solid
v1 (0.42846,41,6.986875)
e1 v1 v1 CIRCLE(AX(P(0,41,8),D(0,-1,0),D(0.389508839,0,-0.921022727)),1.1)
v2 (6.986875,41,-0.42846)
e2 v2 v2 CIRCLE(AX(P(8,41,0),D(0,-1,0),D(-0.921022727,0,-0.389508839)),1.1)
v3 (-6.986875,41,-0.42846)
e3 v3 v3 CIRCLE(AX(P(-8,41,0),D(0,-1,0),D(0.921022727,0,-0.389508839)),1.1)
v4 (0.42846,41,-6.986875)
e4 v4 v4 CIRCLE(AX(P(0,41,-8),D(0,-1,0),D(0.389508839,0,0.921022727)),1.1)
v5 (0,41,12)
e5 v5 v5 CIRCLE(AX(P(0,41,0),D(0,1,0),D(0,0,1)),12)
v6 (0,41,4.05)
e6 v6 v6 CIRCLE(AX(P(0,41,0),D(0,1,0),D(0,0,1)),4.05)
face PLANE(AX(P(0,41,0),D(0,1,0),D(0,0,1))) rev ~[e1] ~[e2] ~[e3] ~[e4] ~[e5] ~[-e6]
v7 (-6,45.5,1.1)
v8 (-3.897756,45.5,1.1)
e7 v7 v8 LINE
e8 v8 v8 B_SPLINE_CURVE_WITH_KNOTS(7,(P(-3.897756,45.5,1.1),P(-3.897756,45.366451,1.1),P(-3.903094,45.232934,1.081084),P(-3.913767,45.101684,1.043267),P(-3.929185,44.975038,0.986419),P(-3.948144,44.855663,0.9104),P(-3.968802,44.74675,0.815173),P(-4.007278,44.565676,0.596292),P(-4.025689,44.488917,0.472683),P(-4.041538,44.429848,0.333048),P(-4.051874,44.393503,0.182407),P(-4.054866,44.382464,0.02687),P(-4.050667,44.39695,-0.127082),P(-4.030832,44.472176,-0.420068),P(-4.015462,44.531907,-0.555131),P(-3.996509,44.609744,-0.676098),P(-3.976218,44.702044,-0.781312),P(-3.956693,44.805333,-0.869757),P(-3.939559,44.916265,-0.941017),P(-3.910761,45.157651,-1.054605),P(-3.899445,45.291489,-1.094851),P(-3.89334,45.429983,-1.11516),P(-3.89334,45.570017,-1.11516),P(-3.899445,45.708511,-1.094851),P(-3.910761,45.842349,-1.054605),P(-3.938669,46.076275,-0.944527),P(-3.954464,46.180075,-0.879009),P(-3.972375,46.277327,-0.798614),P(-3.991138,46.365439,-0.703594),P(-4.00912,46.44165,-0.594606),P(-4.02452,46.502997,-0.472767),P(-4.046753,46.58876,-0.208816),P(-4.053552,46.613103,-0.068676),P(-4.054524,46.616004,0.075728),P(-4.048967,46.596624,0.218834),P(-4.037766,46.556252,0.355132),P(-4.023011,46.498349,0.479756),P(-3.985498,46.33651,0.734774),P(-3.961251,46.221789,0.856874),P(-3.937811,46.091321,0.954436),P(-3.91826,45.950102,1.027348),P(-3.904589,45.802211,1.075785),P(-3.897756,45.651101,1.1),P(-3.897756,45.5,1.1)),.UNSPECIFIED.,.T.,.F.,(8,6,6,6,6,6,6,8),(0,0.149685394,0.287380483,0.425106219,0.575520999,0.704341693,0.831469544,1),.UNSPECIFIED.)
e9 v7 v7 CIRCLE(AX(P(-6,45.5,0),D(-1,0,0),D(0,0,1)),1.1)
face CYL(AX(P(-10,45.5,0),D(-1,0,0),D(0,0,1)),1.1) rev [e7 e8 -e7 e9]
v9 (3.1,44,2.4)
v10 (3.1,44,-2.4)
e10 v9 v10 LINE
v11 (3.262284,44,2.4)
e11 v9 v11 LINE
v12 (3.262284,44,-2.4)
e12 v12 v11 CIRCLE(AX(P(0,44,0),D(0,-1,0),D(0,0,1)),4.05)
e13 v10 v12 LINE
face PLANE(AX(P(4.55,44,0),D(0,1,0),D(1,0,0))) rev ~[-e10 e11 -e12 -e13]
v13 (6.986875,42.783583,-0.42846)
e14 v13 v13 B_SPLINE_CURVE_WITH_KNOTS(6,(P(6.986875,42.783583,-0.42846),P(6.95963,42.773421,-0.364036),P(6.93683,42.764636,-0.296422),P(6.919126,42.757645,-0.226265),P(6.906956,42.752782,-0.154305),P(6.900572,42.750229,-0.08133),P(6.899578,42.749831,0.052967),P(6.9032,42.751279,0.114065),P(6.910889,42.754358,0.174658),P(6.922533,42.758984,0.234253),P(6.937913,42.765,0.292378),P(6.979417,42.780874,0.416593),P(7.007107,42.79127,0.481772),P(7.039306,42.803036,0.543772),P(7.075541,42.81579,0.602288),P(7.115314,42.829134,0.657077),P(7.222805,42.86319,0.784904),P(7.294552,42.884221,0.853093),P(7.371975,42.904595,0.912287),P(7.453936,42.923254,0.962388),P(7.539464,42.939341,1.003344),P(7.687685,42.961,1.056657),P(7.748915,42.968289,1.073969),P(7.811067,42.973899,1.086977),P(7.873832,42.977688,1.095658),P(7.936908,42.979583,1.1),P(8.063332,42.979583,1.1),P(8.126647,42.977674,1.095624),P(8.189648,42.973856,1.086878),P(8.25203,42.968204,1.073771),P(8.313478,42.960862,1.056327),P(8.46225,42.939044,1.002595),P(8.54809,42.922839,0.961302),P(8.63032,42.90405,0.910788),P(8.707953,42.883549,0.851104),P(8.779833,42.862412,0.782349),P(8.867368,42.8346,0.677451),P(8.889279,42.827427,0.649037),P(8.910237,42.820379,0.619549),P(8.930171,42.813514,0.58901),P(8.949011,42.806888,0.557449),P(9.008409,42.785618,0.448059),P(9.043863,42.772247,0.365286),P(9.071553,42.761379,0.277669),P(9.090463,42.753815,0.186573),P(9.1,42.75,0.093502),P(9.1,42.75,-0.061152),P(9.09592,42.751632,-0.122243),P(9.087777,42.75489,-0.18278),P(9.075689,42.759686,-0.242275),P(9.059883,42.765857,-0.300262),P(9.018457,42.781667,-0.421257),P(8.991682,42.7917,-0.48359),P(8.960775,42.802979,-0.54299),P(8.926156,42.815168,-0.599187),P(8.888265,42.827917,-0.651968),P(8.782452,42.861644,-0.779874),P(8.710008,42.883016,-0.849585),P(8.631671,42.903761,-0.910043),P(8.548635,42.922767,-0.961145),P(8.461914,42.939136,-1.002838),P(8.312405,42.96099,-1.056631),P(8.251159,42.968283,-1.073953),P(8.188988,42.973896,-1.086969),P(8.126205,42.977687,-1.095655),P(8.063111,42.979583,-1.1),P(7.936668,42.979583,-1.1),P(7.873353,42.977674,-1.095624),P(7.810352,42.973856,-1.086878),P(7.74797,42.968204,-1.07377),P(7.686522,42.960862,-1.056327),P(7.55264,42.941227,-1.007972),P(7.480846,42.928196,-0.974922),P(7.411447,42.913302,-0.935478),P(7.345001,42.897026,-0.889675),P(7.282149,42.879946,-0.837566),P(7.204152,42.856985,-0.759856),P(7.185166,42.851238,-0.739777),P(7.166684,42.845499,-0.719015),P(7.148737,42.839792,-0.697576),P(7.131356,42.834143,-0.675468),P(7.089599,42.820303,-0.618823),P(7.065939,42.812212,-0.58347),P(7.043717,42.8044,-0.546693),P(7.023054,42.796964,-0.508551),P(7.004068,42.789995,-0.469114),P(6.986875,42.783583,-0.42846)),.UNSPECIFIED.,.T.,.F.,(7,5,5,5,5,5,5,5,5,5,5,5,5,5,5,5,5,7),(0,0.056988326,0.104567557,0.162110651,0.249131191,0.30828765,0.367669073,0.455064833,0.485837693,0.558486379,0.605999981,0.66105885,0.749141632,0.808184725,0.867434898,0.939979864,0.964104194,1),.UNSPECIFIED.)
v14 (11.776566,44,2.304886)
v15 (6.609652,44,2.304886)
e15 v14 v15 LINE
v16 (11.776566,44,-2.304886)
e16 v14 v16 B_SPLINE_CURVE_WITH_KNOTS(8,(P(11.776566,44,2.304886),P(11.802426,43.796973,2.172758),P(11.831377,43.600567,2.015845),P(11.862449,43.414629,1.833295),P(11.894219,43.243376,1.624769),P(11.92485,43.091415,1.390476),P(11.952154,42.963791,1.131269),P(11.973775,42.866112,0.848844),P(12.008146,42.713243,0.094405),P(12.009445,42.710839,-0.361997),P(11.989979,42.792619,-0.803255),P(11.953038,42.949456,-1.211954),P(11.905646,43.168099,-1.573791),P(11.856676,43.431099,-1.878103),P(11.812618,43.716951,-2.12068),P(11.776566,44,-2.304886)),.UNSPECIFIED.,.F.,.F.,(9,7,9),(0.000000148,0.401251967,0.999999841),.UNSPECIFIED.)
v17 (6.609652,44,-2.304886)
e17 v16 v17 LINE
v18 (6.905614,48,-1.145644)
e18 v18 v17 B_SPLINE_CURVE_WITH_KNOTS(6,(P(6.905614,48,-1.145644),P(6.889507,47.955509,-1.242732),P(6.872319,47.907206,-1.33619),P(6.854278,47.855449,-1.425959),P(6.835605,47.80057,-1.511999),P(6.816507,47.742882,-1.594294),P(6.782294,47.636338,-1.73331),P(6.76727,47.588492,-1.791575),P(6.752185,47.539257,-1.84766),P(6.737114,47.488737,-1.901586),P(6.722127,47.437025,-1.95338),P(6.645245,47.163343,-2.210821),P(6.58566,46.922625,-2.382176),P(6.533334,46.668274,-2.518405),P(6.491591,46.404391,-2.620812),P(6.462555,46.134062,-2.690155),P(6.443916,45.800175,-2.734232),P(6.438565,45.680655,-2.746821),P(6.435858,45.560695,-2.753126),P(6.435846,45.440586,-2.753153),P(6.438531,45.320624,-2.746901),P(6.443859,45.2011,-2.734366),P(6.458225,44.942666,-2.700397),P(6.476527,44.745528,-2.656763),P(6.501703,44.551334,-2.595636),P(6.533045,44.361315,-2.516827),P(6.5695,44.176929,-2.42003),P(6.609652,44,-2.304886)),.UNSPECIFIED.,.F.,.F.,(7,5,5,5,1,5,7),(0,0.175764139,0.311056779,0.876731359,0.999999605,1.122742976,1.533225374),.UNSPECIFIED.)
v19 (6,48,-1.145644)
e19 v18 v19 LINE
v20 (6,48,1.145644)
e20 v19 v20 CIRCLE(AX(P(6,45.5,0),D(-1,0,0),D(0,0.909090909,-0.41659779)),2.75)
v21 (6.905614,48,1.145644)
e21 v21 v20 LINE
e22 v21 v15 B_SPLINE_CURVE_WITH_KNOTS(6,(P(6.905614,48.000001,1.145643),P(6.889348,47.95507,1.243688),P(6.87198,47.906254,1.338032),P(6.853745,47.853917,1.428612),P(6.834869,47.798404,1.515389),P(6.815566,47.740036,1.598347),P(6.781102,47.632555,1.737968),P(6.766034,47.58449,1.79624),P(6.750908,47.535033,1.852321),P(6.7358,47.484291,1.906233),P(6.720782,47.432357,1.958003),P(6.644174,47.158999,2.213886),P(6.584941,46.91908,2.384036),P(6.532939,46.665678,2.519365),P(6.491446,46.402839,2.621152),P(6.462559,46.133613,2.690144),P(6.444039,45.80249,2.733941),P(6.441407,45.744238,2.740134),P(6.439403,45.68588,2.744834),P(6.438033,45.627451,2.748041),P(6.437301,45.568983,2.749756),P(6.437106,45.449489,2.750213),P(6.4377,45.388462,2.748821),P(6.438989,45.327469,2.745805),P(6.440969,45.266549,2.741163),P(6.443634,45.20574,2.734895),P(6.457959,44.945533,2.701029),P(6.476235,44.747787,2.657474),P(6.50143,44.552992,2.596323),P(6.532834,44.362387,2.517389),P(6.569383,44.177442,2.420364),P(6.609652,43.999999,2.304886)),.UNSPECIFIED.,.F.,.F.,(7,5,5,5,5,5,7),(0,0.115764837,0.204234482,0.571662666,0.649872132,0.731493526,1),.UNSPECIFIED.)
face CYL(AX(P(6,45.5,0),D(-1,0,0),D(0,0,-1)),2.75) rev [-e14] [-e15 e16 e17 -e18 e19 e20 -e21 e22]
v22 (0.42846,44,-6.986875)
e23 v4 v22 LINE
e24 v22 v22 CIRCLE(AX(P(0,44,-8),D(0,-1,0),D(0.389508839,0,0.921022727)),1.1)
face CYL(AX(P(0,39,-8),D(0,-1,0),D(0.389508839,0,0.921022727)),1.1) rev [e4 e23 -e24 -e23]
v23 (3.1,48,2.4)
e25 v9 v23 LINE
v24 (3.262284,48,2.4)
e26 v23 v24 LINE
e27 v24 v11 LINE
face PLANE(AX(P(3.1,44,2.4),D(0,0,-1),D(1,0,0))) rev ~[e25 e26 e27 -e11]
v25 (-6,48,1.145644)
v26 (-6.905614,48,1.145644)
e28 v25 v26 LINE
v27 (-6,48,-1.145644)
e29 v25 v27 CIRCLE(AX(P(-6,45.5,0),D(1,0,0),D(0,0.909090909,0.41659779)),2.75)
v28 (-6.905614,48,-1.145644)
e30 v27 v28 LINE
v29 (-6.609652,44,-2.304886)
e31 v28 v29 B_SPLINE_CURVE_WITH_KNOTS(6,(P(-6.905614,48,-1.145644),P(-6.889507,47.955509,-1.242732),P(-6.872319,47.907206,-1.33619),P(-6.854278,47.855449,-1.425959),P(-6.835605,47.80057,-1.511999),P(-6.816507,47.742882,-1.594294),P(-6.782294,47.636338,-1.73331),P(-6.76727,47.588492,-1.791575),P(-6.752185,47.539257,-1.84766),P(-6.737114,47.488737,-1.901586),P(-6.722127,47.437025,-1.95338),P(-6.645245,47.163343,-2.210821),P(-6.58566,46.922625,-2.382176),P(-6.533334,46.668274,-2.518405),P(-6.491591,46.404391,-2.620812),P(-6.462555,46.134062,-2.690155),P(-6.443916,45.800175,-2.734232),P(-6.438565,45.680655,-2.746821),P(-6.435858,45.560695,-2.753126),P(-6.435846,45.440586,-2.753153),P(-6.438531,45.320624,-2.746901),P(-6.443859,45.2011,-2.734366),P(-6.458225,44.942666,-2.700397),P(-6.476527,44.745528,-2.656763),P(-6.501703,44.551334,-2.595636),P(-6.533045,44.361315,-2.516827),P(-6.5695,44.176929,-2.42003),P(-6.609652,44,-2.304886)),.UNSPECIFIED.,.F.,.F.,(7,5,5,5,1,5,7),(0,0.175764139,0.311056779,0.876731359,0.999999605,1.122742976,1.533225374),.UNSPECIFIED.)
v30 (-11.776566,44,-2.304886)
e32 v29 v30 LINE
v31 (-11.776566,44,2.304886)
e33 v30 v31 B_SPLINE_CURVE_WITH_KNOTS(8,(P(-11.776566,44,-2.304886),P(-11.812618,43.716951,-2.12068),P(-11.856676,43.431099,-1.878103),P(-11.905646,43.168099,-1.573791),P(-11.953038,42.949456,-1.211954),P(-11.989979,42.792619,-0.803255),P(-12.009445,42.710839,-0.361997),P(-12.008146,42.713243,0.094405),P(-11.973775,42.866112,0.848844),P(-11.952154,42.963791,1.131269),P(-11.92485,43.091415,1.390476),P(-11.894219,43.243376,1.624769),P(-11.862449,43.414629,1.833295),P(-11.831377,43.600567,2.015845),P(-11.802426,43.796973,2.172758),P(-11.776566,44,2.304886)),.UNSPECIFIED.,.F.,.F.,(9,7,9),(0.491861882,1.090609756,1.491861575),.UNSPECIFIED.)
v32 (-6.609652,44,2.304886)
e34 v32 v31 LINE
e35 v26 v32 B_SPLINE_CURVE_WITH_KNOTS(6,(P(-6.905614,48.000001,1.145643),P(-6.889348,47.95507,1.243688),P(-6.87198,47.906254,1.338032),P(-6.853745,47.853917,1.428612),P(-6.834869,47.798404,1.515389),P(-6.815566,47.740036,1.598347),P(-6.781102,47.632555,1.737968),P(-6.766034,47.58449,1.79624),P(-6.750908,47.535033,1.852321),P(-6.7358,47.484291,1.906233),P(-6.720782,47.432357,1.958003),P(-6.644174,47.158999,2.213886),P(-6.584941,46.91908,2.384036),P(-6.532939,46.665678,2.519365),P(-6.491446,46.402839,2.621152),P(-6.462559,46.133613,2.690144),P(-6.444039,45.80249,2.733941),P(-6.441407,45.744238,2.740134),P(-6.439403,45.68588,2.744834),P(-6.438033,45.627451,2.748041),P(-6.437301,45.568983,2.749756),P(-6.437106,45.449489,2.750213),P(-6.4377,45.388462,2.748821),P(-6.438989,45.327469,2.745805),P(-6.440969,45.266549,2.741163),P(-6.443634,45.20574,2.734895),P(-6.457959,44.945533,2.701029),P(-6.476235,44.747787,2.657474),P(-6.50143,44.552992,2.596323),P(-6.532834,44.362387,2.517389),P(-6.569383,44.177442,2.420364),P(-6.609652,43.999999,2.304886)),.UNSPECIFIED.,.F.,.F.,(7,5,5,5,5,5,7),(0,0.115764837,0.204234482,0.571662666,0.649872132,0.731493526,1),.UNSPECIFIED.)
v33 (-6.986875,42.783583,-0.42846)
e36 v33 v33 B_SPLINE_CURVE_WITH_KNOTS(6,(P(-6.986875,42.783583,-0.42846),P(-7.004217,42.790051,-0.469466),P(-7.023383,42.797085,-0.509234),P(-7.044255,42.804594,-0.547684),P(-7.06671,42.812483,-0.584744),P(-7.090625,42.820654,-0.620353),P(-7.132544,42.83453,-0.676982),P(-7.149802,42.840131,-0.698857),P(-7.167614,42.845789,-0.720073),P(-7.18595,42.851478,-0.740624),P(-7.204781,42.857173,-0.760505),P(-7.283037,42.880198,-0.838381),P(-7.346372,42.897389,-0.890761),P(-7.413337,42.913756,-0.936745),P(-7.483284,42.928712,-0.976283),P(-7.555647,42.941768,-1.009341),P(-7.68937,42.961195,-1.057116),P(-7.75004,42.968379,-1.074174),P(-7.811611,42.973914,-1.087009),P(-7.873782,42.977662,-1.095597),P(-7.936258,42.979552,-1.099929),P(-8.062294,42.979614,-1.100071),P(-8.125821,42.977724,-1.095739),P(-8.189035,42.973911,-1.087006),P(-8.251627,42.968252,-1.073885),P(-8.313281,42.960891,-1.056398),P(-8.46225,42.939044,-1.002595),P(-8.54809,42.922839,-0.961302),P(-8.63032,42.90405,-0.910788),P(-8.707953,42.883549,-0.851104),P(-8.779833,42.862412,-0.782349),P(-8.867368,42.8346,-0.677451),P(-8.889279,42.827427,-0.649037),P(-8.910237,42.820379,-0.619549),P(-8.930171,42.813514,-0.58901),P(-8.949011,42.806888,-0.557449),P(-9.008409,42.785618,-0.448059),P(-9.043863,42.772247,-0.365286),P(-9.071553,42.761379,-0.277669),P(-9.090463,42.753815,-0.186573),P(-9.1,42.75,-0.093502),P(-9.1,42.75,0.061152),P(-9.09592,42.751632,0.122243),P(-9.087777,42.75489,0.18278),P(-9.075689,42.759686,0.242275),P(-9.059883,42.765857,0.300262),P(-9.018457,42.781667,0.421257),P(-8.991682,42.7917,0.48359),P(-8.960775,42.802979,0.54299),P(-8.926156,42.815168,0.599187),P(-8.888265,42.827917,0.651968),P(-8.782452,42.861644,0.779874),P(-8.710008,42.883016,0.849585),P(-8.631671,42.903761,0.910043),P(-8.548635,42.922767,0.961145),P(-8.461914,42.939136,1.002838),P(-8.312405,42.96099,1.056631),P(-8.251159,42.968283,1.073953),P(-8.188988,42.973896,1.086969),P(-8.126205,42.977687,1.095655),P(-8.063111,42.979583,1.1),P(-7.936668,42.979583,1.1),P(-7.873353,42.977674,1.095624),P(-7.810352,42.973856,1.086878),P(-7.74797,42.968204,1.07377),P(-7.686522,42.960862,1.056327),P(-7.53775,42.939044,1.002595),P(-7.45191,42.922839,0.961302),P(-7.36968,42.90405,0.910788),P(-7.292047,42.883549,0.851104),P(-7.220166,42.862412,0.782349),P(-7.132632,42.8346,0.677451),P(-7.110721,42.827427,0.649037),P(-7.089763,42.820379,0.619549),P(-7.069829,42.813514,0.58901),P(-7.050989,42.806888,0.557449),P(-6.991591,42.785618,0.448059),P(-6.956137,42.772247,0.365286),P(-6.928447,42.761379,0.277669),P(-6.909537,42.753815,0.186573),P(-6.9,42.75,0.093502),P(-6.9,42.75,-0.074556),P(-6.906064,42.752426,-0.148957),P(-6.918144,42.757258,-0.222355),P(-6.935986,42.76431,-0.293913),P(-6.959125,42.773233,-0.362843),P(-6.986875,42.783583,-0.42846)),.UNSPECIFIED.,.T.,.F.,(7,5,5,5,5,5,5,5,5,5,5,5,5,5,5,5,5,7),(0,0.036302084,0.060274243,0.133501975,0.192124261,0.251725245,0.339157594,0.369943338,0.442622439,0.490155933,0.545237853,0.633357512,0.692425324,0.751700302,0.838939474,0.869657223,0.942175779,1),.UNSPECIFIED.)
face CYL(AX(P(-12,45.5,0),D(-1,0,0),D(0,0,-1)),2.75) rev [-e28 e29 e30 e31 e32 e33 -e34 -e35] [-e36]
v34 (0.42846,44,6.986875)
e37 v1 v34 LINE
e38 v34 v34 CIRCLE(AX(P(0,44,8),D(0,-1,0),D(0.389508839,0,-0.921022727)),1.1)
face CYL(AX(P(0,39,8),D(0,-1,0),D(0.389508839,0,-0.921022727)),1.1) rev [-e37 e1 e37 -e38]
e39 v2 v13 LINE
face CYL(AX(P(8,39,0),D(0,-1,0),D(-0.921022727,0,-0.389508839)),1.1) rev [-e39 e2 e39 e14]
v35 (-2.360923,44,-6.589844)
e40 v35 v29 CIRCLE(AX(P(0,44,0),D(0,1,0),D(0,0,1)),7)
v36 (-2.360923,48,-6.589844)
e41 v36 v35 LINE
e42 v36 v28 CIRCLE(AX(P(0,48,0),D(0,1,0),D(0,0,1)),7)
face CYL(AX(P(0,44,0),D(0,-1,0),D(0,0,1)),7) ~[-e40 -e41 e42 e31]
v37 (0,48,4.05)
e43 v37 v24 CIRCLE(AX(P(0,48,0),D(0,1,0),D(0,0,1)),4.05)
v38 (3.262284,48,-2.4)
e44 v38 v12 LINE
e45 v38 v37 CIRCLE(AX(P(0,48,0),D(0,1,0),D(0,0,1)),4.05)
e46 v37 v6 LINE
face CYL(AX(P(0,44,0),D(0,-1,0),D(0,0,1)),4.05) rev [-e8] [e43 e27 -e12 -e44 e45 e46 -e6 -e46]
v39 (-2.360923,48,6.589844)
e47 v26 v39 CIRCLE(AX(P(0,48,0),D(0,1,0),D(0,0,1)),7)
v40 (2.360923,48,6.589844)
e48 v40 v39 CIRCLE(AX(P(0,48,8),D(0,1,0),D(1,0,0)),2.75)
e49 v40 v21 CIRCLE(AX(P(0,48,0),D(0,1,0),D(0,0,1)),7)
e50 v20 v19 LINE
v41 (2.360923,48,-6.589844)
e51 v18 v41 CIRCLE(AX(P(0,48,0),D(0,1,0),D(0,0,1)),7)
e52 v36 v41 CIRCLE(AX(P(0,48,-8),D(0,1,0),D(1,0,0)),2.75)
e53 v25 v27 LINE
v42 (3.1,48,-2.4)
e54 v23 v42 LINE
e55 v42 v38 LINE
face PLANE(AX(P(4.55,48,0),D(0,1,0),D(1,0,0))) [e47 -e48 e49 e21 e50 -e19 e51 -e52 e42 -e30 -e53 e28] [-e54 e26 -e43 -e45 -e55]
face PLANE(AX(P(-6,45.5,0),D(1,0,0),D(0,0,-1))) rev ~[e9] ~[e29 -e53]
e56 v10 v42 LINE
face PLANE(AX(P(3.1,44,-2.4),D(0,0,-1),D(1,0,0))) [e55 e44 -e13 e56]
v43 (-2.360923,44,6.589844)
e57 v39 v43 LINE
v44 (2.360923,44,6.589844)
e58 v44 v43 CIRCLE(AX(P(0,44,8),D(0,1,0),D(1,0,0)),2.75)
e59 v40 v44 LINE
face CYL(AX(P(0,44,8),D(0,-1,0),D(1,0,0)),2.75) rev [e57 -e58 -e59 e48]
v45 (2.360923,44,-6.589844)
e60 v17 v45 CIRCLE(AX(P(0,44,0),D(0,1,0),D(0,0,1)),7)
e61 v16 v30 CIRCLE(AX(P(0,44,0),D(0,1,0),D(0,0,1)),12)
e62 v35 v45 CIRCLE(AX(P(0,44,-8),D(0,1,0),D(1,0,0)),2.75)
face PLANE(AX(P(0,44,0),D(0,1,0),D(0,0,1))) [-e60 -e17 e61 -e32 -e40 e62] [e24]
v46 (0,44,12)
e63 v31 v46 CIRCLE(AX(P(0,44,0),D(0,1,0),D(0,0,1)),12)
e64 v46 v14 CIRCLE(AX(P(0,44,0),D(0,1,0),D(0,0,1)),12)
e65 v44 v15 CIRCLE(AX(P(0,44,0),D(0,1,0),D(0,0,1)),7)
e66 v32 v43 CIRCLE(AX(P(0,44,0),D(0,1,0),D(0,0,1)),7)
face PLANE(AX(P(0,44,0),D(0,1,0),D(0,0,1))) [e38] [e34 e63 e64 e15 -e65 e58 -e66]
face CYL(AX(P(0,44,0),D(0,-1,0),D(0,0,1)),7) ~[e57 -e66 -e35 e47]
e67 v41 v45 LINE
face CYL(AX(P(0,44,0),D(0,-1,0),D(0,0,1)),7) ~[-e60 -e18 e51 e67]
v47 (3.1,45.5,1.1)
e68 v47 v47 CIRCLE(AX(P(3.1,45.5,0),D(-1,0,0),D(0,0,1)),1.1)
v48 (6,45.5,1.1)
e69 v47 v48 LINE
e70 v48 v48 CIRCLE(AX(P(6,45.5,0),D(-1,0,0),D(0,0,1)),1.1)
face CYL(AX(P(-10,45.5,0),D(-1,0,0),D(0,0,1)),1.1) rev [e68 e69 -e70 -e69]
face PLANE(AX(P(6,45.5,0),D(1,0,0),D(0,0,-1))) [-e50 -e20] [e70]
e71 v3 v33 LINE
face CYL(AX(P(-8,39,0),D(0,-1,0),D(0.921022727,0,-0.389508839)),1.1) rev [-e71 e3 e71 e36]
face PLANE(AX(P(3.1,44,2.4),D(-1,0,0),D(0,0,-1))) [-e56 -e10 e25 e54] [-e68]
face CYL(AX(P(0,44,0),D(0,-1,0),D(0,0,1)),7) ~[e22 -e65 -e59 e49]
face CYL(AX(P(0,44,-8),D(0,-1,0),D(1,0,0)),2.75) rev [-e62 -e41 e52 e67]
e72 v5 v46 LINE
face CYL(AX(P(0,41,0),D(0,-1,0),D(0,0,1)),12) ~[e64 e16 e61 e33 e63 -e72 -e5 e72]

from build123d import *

# Parameters (mm, degrees)
STOCK_HORN_DRIVE_FLANGE_START              = 41
STOCK_HORN_DRIVE_FLANGE_PROFILE_R          = 12
STOCK_HORN_DRIVE_FLANGE_PROFILE_R_2        = 4.05
STOCK_HORN_DRIVE_FLANGE_DEPTH              = 3
D_COUPLING_RING_START                      = 44
D_COUPLING_RING_PROFILE_R                  = 7
D_COUPLING_RING_PROFILE_R_2                = 4.05
D_COUPLING_RING_DEPTH                      = 4
D_KEY_LAND_START                           = 44
D_KEY_LAND_PROFILE_W                       = 2.9
D_KEY_LAND_PROFILE_H                       = 4.8
D_KEY_LAND_DEPTH                           = 4
STOCK_HORN_SCREWS_START                    = 39
STOCK_HORN_SCREWS_PROFILE_R                = 1.1
STOCK_HORN_SCREWS_DEPTH                    = 12.911688245
TWO_HORN_WASHER_CLEARANCES_START           = 44
TWO_HORN_WASHER_CLEARANCES_PROFILE_R       = 2.75
TWO_HORN_WASHER_CLEARANCES_DEPTH           = 4
YAW_POSITIVE_RETENTION_CROSSBOLT_START     = -10
YAW_POSITIVE_RETENTION_CROSSBOLT_PROFILE_R = 1.1
YAW_POSITIVE_RETENTION_CROSSBOLT_DEPTH     = 61.911688245
CROSSBOLT_FLAT_SEAT_CUT_12_START           = -12
CROSSBOLT_FLAT_SEAT_12_R                   = 2.75
CROSSBOLT_FLAT_SEAT_CUT_12_DEPTH           = 6
CROSSBOLT_FLAT_SEAT_CUT_6_START            = 6
CROSSBOLT_FLAT_SEAT_6_R                    = 2.75
CROSSBOLT_FLAT_SEAT_CUT_6_DEPTH            = 6


with BuildPart() as part:
    # Stock_horn_drive_flange_profile → Stock_horn_drive_flange (new body)
    with BuildSketch(Plane(origin=(0, 0, 0), x_dir=(1, 0, 0), z_dir=(0, 1, 0)).offset(STOCK_HORN_DRIVE_FLANGE_START)):
        with Locations(Location((0, 0, 0), (0, 0, 270))):
            Circle(STOCK_HORN_DRIVE_FLANGE_PROFILE_R)
        with Locations(Location((0, 0, 0), (0, 0, 270))):
            Circle(STOCK_HORN_DRIVE_FLANGE_PROFILE_R_2, mode=Mode.SUBTRACT)
    extrude(amount=STOCK_HORN_DRIVE_FLANGE_DEPTH)

    # D_coupling_ring_profile → D_coupling_ring (add)
    with BuildSketch(Plane(origin=(0, 0, 0), x_dir=(1, 0, 0), z_dir=(0, 1, 0)).offset(D_COUPLING_RING_START)):
        with Locations(Location((0, 0, 0), (0, 0, 270))):
            Circle(D_COUPLING_RING_PROFILE_R)
        with Locations(Location((0, 0, 0), (0, 0, 270))):
            Circle(D_COUPLING_RING_PROFILE_R_2, mode=Mode.SUBTRACT)
    extrude(amount=D_COUPLING_RING_DEPTH)

    # D_key_land_profile → D_key_land (add)
    with BuildSketch(Plane(origin=(0, 0, 0), x_dir=(1, 0, 0), z_dir=(0, 1, 0)).offset(D_KEY_LAND_START)):
        with Locations((4.55, 0)):
            Rectangle(D_KEY_LAND_PROFILE_W, D_KEY_LAND_PROFILE_H)
    extrude(amount=D_KEY_LAND_DEPTH)

    # Stock_horn_screws_profile → Stock_horn_screws (cut, through all)
    with BuildSketch(Plane(origin=(0, 0, 0), x_dir=(1, 0, 0), z_dir=(0, 1, 0)).offset(STOCK_HORN_SCREWS_START)):
        with Locations(Location((-8, 0, 0), (0, 0, 22.9239414))):
            Circle(STOCK_HORN_SCREWS_PROFILE_R)
        with Locations(Location((8, 0, 0), (0, 0, 157.0760586))):
            Circle(STOCK_HORN_SCREWS_PROFILE_R)
        with Locations(Location((0, -8, 0), (0, 0, 67.0760586))):
            Circle(STOCK_HORN_SCREWS_PROFILE_R)
        with Locations(Location((0, 8, 0), (0, 0, 292.9239414))):
            Circle(STOCK_HORN_SCREWS_PROFILE_R)
    extrude(amount=STOCK_HORN_SCREWS_DEPTH, mode=Mode.SUBTRACT)

    # Two_horn_washer_clearances_profile → Two_horn_washer_clearances (cut)
    with BuildSketch(Plane(origin=(0, 0, 0), x_dir=(1, 0, 0), z_dir=(0, 1, 0)).offset(TWO_HORN_WASHER_CLEARANCES_START)):
        with Locations((0, -8)):
            Circle(TWO_HORN_WASHER_CLEARANCES_PROFILE_R)
        with Locations((0, 8)):
            Circle(TWO_HORN_WASHER_CLEARANCES_PROFILE_R)
    extrude(amount=TWO_HORN_WASHER_CLEARANCES_DEPTH, mode=Mode.SUBTRACT)

    # Yaw_positive_retention_crossbolt_profile → Yaw_positive_retention_crossbolt (cut, through all)
    with BuildSketch(Plane(origin=(0, 0, 0), x_dir=(0, 0, -1), z_dir=(1, 0, 0)).offset(YAW_POSITIVE_RETENTION_CROSSBOLT_START)):
        with Locations(Location((0, 45.5, 0), (0, 0, 180))):
            Circle(YAW_POSITIVE_RETENTION_CROSSBOLT_PROFILE_R)
    extrude(amount=YAW_POSITIVE_RETENTION_CROSSBOLT_DEPTH, mode=Mode.SUBTRACT)

    # Crossbolt_flat_seat_-12 → Crossbolt_flat_seat_cut_-12 (cut)
    with BuildSketch(Plane(origin=(0, 0, 0), x_dir=(0, 0, -1), z_dir=(1, 0, 0)).offset(CROSSBOLT_FLAT_SEAT_CUT_12_START)):
        with Locations((0, 45.5)):
            Circle(CROSSBOLT_FLAT_SEAT_12_R)
    extrude(amount=CROSSBOLT_FLAT_SEAT_CUT_12_DEPTH, mode=Mode.SUBTRACT)

    # Crossbolt_flat_seat_6 → Crossbolt_flat_seat_cut_6 (cut)
    with BuildSketch(Plane(origin=(0, 0, 0), x_dir=(0, 0, -1), z_dir=(1, 0, 0)).offset(CROSSBOLT_FLAT_SEAT_CUT_6_START)):
        with Locations((0, 45.5)):
            Circle(CROSSBOLT_FLAT_SEAT_6_R)
    extrude(amount=CROSSBOLT_FLAT_SEAT_CUT_6_DEPTH, mode=Mode.SUBTRACT)


solid = part.part
